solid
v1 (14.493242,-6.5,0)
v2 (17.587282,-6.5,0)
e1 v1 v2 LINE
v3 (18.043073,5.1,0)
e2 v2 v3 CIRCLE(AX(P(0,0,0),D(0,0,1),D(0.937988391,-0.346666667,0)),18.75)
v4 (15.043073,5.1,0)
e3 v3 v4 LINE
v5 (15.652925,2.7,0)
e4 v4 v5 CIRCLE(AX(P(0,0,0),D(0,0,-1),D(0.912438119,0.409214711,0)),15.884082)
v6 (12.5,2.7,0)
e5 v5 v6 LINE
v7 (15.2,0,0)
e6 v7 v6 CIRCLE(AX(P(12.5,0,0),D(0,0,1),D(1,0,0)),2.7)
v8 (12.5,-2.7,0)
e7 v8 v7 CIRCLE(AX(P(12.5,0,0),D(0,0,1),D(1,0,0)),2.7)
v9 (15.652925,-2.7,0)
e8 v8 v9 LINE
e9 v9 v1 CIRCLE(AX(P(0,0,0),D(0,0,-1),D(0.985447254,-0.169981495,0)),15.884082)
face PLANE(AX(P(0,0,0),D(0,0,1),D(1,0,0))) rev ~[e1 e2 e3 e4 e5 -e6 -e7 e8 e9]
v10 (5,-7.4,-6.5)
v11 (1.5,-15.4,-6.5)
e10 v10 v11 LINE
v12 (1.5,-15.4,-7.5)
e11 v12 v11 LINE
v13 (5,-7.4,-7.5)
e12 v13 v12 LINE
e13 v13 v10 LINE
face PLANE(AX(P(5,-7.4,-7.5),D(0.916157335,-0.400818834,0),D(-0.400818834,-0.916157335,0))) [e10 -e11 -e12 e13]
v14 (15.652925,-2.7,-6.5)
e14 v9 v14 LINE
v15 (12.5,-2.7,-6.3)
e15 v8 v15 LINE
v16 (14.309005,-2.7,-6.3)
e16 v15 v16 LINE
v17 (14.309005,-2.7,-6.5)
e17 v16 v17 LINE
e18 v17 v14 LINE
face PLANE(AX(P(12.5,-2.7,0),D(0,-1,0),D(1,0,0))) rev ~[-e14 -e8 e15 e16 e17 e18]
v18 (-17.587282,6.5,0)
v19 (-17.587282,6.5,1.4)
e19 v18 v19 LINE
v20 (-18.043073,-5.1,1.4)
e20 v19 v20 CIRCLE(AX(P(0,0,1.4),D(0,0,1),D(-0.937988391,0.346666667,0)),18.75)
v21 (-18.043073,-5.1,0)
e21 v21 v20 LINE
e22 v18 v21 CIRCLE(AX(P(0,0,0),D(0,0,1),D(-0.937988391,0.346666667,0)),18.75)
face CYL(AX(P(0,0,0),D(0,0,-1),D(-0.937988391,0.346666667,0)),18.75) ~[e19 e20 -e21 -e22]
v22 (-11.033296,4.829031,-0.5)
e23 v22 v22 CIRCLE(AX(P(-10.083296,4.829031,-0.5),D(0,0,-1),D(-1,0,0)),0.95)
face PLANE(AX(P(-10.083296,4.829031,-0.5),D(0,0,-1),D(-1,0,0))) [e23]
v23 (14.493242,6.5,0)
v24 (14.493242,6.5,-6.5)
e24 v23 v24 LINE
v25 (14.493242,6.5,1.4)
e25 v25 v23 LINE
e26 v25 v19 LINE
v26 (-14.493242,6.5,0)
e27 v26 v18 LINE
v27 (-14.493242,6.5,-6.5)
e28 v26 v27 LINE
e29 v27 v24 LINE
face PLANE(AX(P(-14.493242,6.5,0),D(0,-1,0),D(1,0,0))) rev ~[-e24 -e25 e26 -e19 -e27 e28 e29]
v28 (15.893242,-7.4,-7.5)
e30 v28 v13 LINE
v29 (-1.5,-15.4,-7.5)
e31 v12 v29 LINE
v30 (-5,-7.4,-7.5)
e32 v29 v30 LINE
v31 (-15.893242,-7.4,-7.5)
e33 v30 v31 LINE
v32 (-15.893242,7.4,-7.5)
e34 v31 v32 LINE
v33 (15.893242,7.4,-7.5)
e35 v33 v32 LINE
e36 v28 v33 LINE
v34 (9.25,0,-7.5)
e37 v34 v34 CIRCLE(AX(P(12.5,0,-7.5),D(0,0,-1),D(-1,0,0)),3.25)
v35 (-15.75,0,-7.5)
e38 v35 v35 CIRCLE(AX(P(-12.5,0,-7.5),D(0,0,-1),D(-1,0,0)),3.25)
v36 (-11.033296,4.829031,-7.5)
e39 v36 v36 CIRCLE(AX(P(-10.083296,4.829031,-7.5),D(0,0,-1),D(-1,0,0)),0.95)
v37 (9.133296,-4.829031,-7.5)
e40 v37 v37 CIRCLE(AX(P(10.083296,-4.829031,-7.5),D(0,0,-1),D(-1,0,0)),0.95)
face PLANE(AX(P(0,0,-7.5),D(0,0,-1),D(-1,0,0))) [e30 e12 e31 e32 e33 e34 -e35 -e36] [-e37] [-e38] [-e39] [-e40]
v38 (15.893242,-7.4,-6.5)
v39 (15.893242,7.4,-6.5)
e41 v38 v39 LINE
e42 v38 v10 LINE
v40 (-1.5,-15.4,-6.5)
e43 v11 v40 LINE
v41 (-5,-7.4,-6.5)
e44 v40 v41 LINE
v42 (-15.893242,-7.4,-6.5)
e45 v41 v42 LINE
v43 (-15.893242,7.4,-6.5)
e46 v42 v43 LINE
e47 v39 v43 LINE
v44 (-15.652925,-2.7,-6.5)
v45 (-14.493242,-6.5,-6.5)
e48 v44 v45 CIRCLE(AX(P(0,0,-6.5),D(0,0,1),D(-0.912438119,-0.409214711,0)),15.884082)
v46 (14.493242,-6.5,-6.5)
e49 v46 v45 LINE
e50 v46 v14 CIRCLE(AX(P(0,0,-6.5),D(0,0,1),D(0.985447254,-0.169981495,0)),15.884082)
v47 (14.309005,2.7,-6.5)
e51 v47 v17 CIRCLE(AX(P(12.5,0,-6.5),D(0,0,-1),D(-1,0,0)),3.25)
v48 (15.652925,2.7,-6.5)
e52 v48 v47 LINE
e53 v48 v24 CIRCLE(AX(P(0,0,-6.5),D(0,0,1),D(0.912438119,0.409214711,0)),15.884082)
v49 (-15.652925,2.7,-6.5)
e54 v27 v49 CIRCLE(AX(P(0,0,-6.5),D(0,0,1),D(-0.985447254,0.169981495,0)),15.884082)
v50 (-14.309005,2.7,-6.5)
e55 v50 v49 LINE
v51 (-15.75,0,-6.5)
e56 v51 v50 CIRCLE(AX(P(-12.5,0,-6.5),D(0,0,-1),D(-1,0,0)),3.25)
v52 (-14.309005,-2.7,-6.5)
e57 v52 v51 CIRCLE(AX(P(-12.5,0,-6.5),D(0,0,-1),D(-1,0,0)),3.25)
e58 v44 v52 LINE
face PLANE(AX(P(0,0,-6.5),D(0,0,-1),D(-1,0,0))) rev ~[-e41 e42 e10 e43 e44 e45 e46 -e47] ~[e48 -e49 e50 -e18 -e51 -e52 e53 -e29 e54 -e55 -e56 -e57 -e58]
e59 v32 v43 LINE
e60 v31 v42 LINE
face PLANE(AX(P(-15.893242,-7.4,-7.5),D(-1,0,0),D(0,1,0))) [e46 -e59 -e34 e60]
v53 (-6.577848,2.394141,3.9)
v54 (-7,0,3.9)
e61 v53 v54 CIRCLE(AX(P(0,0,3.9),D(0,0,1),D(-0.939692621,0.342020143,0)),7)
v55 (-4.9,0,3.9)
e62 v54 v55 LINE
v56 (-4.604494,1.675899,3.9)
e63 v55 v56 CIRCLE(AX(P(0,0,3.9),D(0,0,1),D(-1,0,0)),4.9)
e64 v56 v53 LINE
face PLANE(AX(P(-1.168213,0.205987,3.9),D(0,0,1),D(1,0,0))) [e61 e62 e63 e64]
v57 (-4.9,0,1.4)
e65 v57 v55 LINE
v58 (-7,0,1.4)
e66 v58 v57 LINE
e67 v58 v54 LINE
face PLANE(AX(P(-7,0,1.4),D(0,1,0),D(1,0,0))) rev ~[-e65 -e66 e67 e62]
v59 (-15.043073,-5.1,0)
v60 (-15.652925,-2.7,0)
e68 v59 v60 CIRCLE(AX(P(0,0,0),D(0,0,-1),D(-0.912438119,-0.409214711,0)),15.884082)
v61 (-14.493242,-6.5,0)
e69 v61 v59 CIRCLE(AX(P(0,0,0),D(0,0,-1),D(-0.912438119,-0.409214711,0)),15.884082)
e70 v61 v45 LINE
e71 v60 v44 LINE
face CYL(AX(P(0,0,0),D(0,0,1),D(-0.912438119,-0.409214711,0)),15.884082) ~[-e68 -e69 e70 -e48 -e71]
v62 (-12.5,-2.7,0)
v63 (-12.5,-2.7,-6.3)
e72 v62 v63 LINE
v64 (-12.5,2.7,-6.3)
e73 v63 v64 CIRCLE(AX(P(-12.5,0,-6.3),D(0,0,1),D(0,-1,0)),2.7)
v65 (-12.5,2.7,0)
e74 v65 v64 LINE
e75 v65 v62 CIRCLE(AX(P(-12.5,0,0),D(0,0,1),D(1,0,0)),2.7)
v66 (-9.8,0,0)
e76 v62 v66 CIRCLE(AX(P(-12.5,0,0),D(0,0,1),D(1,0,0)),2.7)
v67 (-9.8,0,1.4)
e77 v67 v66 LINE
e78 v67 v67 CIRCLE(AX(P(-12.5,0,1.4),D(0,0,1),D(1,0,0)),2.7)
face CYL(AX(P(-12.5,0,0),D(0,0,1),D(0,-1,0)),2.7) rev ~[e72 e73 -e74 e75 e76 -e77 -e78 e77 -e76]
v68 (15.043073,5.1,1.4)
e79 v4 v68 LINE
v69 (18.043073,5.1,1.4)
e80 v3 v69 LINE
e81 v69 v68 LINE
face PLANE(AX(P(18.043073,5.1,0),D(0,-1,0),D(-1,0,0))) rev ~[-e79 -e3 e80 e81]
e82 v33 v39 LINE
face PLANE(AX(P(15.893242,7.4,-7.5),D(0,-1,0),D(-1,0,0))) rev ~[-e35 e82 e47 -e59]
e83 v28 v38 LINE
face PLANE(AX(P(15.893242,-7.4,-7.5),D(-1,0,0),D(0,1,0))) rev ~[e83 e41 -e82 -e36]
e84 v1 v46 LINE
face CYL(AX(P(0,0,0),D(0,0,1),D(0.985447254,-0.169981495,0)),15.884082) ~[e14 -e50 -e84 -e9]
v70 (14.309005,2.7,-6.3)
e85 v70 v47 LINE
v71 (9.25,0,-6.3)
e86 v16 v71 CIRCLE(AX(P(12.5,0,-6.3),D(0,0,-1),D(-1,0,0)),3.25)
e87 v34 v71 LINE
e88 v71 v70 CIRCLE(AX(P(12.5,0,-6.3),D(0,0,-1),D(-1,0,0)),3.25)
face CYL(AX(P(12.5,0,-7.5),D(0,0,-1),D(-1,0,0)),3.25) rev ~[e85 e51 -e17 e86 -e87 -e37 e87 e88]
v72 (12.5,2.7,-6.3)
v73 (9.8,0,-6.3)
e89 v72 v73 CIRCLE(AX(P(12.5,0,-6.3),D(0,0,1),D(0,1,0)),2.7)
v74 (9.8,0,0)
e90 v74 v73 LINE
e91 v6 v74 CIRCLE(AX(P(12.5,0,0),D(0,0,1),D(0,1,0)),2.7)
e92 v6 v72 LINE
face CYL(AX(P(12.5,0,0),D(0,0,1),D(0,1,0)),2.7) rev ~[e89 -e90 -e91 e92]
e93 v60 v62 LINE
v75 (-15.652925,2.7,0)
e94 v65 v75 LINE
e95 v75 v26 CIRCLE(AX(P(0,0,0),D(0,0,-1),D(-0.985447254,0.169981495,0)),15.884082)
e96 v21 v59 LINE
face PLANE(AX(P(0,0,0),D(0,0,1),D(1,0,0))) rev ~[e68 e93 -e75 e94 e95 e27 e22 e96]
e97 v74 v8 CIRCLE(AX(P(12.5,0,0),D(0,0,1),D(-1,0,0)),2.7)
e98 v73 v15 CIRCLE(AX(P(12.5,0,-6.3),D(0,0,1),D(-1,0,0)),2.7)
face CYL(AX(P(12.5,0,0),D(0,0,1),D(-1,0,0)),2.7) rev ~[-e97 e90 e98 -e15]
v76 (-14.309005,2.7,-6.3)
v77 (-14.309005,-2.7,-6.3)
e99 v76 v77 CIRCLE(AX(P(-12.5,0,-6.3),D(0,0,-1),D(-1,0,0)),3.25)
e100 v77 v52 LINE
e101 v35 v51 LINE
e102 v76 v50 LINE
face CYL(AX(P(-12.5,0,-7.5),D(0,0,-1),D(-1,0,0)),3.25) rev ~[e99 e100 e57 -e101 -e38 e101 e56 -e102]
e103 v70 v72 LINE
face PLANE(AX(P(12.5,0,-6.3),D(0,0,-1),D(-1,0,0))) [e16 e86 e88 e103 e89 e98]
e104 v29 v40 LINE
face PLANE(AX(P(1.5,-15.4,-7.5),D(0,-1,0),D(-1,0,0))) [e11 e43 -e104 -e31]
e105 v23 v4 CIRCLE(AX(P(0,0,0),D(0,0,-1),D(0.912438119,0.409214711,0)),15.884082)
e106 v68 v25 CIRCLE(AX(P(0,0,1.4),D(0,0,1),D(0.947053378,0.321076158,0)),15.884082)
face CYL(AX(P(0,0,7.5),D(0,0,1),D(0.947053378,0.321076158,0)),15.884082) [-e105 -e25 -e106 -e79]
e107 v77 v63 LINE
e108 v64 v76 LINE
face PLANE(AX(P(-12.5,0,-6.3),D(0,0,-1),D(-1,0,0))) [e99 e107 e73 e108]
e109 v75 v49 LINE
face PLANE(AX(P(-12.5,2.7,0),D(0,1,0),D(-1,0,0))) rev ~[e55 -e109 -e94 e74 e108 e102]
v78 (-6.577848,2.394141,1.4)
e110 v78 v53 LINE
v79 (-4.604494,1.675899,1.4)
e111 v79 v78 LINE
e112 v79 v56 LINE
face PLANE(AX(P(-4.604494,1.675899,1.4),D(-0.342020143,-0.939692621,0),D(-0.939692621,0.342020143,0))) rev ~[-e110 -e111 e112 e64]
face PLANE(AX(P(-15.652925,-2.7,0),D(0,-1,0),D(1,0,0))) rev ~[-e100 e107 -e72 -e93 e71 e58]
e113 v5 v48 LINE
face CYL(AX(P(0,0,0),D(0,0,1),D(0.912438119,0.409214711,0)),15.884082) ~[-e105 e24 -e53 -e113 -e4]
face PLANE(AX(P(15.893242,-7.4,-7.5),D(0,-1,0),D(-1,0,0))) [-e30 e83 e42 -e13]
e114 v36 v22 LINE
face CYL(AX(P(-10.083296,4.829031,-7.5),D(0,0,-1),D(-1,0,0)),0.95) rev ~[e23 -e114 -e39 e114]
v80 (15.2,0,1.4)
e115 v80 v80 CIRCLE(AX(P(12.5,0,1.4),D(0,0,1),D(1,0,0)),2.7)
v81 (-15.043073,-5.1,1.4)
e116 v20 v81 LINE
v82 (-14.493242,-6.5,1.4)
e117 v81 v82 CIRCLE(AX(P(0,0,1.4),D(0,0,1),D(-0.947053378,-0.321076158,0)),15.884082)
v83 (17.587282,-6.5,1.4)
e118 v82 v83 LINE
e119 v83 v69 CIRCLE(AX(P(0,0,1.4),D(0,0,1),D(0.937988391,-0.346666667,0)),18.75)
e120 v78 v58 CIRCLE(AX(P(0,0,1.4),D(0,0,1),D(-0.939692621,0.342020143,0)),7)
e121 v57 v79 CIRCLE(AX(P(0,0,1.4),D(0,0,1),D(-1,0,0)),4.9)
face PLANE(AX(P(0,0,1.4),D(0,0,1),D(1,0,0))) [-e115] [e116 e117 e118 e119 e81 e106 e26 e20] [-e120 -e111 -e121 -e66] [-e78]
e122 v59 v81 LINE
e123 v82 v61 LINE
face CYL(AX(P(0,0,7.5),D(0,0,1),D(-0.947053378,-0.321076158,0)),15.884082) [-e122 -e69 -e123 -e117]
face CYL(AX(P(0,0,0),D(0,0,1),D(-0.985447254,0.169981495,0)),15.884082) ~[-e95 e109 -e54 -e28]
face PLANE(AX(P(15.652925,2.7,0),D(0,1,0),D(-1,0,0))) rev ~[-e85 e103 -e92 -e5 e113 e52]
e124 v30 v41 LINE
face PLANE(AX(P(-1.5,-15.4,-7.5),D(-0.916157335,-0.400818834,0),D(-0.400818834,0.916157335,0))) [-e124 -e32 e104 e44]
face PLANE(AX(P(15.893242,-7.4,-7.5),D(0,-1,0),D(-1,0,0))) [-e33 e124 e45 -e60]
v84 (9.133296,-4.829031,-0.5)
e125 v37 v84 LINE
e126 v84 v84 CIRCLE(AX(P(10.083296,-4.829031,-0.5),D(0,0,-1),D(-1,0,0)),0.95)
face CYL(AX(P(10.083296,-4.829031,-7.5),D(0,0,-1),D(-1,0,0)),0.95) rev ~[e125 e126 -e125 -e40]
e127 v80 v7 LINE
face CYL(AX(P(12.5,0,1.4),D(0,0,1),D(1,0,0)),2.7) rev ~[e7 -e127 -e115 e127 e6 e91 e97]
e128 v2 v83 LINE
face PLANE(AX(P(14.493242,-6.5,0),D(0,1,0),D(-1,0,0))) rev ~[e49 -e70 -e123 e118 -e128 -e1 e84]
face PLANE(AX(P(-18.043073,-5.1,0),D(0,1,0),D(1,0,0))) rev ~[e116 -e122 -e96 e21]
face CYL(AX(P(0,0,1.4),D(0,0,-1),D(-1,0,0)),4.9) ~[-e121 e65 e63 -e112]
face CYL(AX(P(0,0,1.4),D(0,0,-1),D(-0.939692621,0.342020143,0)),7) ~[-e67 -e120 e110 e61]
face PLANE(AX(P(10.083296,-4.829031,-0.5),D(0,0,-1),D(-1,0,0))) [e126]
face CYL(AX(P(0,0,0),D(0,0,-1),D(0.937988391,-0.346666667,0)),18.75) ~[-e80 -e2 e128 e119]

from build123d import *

# Parameters (mm, degrees)
P_IDAT_VYSUNUT_M1_DEPTH  = 1.4
P_IDAT_VYSUNUT_M2_DEPTH  = 2.5
SKICA3_R                 = 2.7
ODEBRAT_VYSUNUT_M1_DEPTH = 2.5
P_IDAT_VYSUNUT_M3_DEPTH  = 7.5
ODEBRAT_START            = -7.5
ODEBRAT_VYSUNUT_M2_DEPTH = 7.5
SKICA9_W                 = 31.786483692
SKICA9_H                 = 14.8
P_IDAT_VYSUNUT_M5_DEPTH  = 1
SKICA6_R                 = 3.25
ODEBRAT_VYSUNUT_M3_DEPTH = 1.2
SKICA7_R                 = 0.95
ODEBRAT_VYSUNUT_M5_DEPTH = 7
P_IDAT_VYSUNUT_M7_DEPTH  = 1


with BuildPart() as part:
    # Skica1 → Přidat vysunutím1 (new body)
    with BuildSketch(Plane.XY):
        with BuildLine():
            ThreePointArc((-17.587282337, 6.5), (-18.735542789, 0.736163289), (-18.043073463, -5.1))
            Line((-18.043073463, -5.1), (-15.043073463, -5.1))
            Line((-15.043073463, -5.1), (-15.043073463, -6.5))
            Line((-15.043073463, -6.5), (17.587282337, -6.5))
            ThreePointArc((17.587282337, -6.5), (18.735542789, -0.736163289), (18.043073463, 5.1))
            Line((18.043073463, 5.1), (15.043073463, 5.1))
            Line((15.043073463, 5.1), (15.043073463, 6.5))
            Line((15.043073463, 6.5), (-17.587282337, 6.5))
        make_face()
    extrude(amount=P_IDAT_VYSUNUT_M1_DEPTH)

    # Skica2 → Přidat vysunutím2 (add)
    with BuildSketch(Plane.XY.offset(1.4)):
        with BuildLine():
            ThreePointArc((-4.9, 0), (4.82555799, -0.850876071), (-4.604493842, 1.675898702))
            Line((-4.604493842, 1.675898702), (-6.577848346, 2.394141003))
            ThreePointArc((-6.577848346, 2.394141003), (-6.893654271, 1.215537244), (-7, 0))
            Line((-7, 0), (-4.9, 0))
        make_face()
    extrude(amount=P_IDAT_VYSUNUT_M2_DEPTH)

    # Skica3 → Odebrat vysunutím1 (cut)
    with BuildSketch(Plane.XY.offset(1.4)):
        with Locations((-12.5, 0)):
            Circle(SKICA3_R)
        with Locations((12.5, 0)):
            Circle(SKICA3_R)
    extrude(amount=-ODEBRAT_VYSUNUT_M1_DEPTH, mode=Mode.SUBTRACT)

    # Skica4 → Přidat vysunutím3 (add)
    with BuildSketch(Plane(origin=(0, 0, 0), x_dir=(-1, 0, 0), z_dir=(0, 0, -1))):
        with BuildLine():
            Line((14.493241846, 6.5), (-14.493241846, 6.5))
            ThreePointArc((-14.493241846, 6.5), (-15.192361337, 4.636401214), (-15.652924941, 2.7))
            Line((-15.652924941, 2.7), (-12.5, 2.7))
            ThreePointArc((-12.5, 2.7), (-10.590811691, 1.909188309), (-9.8, 0))
            ThreePointArc((-9.8, 0), (-10.590811691, -1.909188309), (-12.5, -2.7))
            Line((-12.5, -2.7), (-15.652924941, -2.7))
            ThreePointArc((-15.652924941, -2.7), (-15.192361337, -4.636401214), (-14.493241846, -6.5))
            Line((-14.493241846, -6.5), (14.493241846, -6.5))
            ThreePointArc((14.493241846, -6.5), (15.192361337, -4.636401214), (15.652924941, -2.7))
            Line((15.652924941, -2.7), (12.5, -2.7))
            ThreePointArc((12.5, -2.7), (9.8, 0), (12.5, 2.7))
            Line((12.5, 2.7), (15.652924941, 2.7))
            ThreePointArc((15.652924941, 2.7), (15.192361337, 4.636401214), (14.493241846, 6.5))
        make_face()
    extrude(amount=P_IDAT_VYSUNUT_M3_DEPTH)

    # Skica5 → Odebrat vysunutím2 (cut)
    with BuildSketch(Plane(origin=(0, 0, 0), x_dir=(-1, 0, 0), z_dir=(0, 0, -1)).offset(ODEBRAT_START)):
        with BuildLine():
            Line((15.043073463, -6.5), (15.043073463, -5.1))
            ThreePointArc((15.043073463, -5.1), (14.784738094, -5.80651175), (14.493241846, -6.5))
            Line((14.493241846, -6.5), (15.043073463, -6.5))
        make_face()
        with BuildLine():
            ThreePointArc((-15.043073463, 5.1), (-14.784738094, 5.80651175), (-14.493241846, 6.5))
            Line((-14.493241846, 6.5), (-15.043073463, 6.5))
            Line((-15.043073463, 6.5), (-15.043073463, 5.1))
        make_face()
    extrude(amount=ODEBRAT_VYSUNUT_M2_DEPTH, mode=Mode.SUBTRACT)

    # Skica9 → Přidat vysunutím5 (add)
    with BuildSketch(Plane(origin=(0, 0, -7.5), x_dir=(-1, 0, 0), z_dir=(0, 0, -1))):
        Rectangle(SKICA9_W, SKICA9_H)
    extrude(amount=-P_IDAT_VYSUNUT_M5_DEPTH)

    # Skica6 → Odebrat vysunutím3 (cut)
    with BuildSketch(Plane(origin=(0, 0, -7.5), x_dir=(-1, 0, 0), z_dir=(0, 0, -1))):
        with Locations((-12.5, 0)):
            Circle(SKICA6_R)
        with Locations((12.5, 0)):
            Circle(SKICA6_R)
    extrude(amount=-ODEBRAT_VYSUNUT_M3_DEPTH, mode=Mode.SUBTRACT)

    # Skica7 → Odebrat vysunutím5 (cut)
    with BuildSketch(Plane(origin=(0, 0, -7.5), x_dir=(-1, 0, 0), z_dir=(0, 0, -1))):
        with Locations((10.083296, 4.829031143)):
            Circle(SKICA7_R)
        with Locations((-10.083296, -4.829031143)):
            Circle(SKICA7_R)
    extrude(amount=-ODEBRAT_VYSUNUT_M5_DEPTH, mode=Mode.SUBTRACT)

    # Skica12 → Přidat vysunutím7 (add)
    with BuildSketch(Plane(origin=(0, 0, -7.5), x_dir=(-1, 0, 0), z_dir=(0, 0, -1))):
        Polygon((-5, -7.4), (-1.5, -15.4), (1.5, -15.4), (5, -7.4), align=None)
    extrude(amount=-P_IDAT_VYSUNUT_M7_DEPTH)


solid = part.part
